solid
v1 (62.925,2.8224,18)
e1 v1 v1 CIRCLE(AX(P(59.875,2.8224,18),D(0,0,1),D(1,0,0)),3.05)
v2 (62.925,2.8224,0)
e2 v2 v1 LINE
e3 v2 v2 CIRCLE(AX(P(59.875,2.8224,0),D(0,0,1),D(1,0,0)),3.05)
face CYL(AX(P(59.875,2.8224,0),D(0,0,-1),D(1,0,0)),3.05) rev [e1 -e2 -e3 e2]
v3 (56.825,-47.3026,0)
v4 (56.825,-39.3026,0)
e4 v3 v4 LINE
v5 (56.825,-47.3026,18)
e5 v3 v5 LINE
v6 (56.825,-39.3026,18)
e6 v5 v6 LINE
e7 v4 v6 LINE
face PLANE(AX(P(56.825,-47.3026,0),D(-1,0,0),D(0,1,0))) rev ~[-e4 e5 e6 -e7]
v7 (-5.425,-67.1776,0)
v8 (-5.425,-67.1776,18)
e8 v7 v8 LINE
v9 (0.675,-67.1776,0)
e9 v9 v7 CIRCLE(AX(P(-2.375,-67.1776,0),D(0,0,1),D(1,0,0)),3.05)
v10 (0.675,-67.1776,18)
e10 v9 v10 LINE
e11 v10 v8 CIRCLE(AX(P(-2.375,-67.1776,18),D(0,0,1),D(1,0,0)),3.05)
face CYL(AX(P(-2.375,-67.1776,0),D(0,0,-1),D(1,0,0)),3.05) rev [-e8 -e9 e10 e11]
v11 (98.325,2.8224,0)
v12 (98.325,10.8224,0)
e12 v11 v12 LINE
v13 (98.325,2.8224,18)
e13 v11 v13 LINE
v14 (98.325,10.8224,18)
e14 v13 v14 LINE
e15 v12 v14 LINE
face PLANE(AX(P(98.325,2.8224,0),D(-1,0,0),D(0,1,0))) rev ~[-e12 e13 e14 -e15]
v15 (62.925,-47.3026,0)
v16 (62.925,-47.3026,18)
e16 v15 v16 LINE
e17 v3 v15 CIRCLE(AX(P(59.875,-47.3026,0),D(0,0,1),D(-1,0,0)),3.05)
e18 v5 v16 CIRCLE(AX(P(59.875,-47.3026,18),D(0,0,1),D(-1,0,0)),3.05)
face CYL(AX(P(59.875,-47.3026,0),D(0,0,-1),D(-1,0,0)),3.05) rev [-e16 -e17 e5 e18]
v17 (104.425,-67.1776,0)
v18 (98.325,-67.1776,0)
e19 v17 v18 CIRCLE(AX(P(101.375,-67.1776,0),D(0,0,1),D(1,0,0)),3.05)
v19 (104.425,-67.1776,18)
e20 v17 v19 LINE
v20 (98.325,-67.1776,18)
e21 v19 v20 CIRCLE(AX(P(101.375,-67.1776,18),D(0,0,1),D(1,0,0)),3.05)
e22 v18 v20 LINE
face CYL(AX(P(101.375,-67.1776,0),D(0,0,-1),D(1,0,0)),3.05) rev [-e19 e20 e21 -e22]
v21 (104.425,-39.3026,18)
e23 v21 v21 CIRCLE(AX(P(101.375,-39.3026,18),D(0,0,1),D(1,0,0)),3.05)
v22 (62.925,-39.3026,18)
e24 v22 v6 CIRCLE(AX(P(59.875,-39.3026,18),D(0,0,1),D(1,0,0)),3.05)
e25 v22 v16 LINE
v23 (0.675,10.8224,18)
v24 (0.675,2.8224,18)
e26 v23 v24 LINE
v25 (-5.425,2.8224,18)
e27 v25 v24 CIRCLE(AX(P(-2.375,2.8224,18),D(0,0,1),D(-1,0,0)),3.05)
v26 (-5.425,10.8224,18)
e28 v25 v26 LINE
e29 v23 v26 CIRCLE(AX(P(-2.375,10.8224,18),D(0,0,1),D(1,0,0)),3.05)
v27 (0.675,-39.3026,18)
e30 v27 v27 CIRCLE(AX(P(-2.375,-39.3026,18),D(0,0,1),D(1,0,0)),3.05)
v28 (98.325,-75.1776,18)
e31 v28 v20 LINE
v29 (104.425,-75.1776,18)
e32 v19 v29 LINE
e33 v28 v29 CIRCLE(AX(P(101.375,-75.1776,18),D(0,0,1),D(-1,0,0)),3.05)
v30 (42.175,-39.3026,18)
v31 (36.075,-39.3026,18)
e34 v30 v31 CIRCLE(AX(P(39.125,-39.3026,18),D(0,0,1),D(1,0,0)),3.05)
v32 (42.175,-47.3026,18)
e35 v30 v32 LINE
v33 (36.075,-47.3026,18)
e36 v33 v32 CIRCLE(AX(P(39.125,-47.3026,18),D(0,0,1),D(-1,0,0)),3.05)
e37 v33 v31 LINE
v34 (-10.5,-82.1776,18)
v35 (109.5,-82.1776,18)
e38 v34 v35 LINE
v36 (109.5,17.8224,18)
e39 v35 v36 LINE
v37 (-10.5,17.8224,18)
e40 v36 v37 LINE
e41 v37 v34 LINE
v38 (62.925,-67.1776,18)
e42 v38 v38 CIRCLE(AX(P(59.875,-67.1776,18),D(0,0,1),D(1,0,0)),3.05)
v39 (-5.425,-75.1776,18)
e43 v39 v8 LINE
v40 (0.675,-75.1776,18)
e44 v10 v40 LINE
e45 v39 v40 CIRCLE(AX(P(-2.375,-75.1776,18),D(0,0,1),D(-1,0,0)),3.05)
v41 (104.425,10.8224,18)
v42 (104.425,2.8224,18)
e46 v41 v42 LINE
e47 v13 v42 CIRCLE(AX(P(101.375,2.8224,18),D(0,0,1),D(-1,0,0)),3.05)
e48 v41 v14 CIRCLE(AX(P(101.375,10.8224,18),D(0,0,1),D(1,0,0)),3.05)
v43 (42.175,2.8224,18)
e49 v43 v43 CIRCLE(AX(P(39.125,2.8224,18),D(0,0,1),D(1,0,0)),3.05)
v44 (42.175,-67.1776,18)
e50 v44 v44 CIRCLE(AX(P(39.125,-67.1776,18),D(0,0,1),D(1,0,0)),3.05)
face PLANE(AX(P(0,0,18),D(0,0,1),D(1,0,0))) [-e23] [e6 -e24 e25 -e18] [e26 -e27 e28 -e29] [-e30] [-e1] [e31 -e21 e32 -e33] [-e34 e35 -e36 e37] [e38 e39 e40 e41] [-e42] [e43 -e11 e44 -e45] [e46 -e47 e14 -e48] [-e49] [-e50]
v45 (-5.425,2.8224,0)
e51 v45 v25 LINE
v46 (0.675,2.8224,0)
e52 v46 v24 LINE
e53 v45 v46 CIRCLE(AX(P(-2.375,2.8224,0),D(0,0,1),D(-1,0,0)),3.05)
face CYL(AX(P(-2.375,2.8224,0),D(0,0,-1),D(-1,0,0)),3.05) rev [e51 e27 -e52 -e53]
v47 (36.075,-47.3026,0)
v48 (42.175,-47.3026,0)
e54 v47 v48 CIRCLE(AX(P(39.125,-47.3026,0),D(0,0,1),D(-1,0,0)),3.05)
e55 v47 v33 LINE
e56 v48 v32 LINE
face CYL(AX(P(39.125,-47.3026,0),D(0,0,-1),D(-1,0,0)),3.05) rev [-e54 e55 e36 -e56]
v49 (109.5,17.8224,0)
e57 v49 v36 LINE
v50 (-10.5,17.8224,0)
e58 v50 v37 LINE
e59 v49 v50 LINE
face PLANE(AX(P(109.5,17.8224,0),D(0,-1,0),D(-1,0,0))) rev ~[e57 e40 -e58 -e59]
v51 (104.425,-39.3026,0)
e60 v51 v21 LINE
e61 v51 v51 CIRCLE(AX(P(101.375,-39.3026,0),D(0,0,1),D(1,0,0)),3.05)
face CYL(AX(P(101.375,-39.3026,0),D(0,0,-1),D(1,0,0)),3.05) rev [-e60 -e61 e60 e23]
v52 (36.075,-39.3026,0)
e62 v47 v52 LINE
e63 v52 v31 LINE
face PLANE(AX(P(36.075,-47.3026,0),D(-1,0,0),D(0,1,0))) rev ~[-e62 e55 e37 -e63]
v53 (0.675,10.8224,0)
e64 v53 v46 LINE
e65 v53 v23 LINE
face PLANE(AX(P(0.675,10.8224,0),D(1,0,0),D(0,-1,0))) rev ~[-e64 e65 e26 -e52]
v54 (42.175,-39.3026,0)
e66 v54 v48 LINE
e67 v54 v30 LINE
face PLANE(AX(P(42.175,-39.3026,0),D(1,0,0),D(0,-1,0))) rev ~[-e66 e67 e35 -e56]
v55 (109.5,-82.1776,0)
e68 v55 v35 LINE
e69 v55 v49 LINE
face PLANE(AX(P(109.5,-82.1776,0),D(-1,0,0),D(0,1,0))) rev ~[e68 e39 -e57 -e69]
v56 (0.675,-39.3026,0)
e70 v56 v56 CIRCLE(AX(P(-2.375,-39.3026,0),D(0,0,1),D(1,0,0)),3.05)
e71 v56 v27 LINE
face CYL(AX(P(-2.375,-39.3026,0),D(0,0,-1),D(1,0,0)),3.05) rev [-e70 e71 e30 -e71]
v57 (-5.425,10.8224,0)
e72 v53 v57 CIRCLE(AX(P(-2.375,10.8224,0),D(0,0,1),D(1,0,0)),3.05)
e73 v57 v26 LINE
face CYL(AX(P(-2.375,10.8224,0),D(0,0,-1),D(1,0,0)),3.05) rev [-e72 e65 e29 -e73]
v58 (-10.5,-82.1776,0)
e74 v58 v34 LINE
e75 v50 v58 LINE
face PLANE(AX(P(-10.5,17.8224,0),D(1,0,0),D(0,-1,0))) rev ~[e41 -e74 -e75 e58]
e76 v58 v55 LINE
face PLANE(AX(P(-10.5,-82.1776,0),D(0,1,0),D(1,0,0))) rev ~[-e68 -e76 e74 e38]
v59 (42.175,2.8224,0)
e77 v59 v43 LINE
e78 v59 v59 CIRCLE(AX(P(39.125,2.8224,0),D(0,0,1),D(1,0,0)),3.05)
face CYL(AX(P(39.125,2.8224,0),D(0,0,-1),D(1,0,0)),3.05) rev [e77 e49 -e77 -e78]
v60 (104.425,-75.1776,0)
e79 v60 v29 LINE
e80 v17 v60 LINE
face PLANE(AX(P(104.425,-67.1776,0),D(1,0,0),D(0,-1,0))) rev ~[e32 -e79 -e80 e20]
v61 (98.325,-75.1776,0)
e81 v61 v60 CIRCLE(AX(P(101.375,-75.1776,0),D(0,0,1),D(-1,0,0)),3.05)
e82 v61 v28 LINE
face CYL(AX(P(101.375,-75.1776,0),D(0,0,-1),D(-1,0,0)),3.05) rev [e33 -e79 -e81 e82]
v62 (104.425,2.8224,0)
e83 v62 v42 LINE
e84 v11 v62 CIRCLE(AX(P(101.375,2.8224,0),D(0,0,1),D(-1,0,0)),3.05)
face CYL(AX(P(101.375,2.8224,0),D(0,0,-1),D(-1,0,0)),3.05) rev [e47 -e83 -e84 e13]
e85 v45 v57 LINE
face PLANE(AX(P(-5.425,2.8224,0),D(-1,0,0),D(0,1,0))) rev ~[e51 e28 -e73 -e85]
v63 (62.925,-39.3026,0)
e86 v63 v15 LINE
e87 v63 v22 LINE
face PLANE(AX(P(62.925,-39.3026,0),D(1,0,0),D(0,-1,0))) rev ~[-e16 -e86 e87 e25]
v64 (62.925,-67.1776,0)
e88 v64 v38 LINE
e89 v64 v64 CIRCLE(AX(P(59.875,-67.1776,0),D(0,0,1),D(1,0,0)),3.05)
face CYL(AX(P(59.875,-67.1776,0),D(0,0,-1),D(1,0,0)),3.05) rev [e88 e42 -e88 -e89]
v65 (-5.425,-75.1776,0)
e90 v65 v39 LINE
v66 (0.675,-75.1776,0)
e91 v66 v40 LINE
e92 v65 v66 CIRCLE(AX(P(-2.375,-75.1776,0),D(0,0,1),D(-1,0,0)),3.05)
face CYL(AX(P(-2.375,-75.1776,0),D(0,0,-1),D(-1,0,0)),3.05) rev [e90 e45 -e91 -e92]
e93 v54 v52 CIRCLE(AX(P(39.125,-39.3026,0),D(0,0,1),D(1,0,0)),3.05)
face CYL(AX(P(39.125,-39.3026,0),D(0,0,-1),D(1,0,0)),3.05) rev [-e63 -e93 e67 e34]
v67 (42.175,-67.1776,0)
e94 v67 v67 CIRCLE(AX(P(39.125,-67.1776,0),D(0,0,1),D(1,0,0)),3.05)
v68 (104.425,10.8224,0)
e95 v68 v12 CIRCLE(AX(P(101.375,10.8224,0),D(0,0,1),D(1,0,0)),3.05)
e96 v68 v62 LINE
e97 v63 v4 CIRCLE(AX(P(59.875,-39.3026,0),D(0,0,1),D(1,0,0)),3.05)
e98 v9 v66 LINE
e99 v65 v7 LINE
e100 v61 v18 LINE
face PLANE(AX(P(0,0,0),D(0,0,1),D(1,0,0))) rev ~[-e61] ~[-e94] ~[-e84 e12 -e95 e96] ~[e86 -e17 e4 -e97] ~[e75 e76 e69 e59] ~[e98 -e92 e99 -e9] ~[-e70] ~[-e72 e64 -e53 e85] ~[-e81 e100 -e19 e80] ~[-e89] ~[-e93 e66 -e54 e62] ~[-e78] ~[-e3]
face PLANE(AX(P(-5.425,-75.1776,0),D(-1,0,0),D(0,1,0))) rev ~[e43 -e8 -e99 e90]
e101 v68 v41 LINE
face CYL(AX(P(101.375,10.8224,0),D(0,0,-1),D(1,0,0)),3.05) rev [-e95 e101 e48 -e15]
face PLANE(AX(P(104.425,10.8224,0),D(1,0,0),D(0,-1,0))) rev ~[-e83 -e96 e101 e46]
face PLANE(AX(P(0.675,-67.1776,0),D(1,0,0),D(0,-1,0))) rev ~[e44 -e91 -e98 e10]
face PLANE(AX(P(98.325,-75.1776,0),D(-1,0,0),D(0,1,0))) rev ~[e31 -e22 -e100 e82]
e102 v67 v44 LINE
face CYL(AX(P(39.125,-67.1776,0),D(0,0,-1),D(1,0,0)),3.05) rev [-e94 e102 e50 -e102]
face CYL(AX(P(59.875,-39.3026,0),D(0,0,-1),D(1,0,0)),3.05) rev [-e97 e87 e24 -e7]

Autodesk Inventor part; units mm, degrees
ref_plane "YZ Plane" through (0, 0, 0) normal (1, 0, 0) x (0, 1, 0)
ref_plane "XZ Plane" through (0, 0, 0) normal (0, 1, 0) x (-1, 0, 0)
ref_plane "XY Plane" through (0, 0, 0) normal (0, 0, 1) x (1, 0, 0)
sketch "Sketch1" plane through (0, 0, 0) normal (0, 0, 1) x (1, 0, 0)
  circle A0 centre (101.375, -25.0526) radius 3.05 projected
  circle A1 centre (-2.375, -39.3026) radius 3.05 projected
  circle A2 centre (101.375, -39.3026) radius 3.05 projected
  circle A3 centre (-2.375, -25.0526) radius 3.05 projected
  circle A4 centre (59.875, 2.8224) radius 3.05 projected
  circle A5 centre (39.125, 2.8224) radius 3.05 projected
  circle A6 centre (39.125, -67.1776) radius 3.05 projected
  circle A7 centre (59.875, -67.1776) radius 3.05 projected
  line L0 (109.5, 17.8224) -> (-10.5, 17.8224) projected
  line L1 (-10.5, 17.8224) -> (-10.5, -82.1776) projected
  line L2 (-10.5, -82.1776) -> (109.5, -82.1776) projected
  line L3 (109.5, -82.1776) -> (109.5, 17.8224) projected
  arc A8 (36.075, -25.0526) -> (42.175, -25.0526) centre (39.125, -25.0526) ccw projected
  arc A9 (62.925, -39.3026) -> (56.825, -39.3026) centre (59.875, -39.3026) ccw projected
  arc A10 (42.175, -39.3026) -> (36.075, -39.3026) centre (39.125, -39.3026) ccw projected
  arc A11 (56.825, -25.0526) -> (62.925, -25.0526) centre (59.875, -25.0526) ccw projected
  arc A12 (-5.425, 2.8224) -> (0.675, 2.8224) centre (-2.375, 2.8224) ccw projected
  arc A13 (98.325, 2.8224) -> (104.425, 2.8224) centre (101.375, 2.8224) ccw projected
  arc A14 (104.425, -67.1776) -> (98.325, -67.1776) centre (101.375, -67.1776) ccw projected
  arc A15 (0.675, -67.1776) -> (-5.425, -67.1776) centre (-2.375, -67.1776) ccw projected
  line L4 (0.675, -67.1776) -> (0.675, -75.1776) projected
  arc A16 (-5.425, -75.1776) -> (0.675, -75.1776) centre (-2.375, -75.1776) ccw projected
  line L5 (-5.425, -75.1776) -> (-5.425, -67.1776) projected
  line L6 (104.425, -67.1776) -> (104.425, -75.1776) projected
  arc A17 (98.325, -75.1776) -> (104.425, -75.1776) centre (101.375, -75.1776) ccw projected
  line L7 (98.325, -75.1776) -> (98.325, -67.1776) projected
  line L8 (-5.425, 2.8224) -> (-5.425, 10.8224) projected
  arc A18 (0.675, 10.8224) -> (-5.425, 10.8224) centre (-2.375, 10.8224) ccw projected
  line L9 (0.675, 10.8224) -> (0.675, 2.8224) projected
  line L10 (42.175, -39.3026) -> (42.175, -47.3026) projected
  arc A19 (36.075, -47.3026) -> (42.175, -47.3026) centre (39.125, -47.3026) ccw projected
  line L11 (36.075, -47.3026) -> (36.075, -39.3026) projected
  line L12 (62.925, -39.3026) -> (62.925, -47.3026) projected
  arc A20 (56.825, -47.3026) -> (62.925, -47.3026) centre (59.875, -47.3026) ccw projected
  line L13 (56.825, -47.3026) -> (56.825, -39.3026) projected
  line L14 (62.925, -17.0526) -> (62.925, -25.0526) projected
  line L15 (56.825, -25.0526) -> (56.825, -17.0526) projected
  arc A21 (62.925, -17.0526) -> (56.825, -17.0526) centre (59.875, -17.0526) ccw projected
  line L16 (104.425, 10.8224) -> (104.425, 2.8224) projected
  line L17 (98.325, 2.8224) -> (98.325, 10.8224) projected
  arc A22 (104.425, 10.8224) -> (98.325, 10.8224) centre (101.375, 10.8224) ccw projected
  line L18 (42.175, -17.0526) -> (42.175, -25.0526) projected
  line L19 (36.075, -25.0526) -> (36.075, -17.0526) projected
  arc A23 (42.175, -17.0526) -> (36.075, -17.0526) centre (39.125, -17.0526) ccw projected
  point P0 (0, 0)
  point P1 (39.5, -24.775)
  point P2 (60.5, -39.025)
  point P3 (39.5, -39.025)
  point P4 (60.5, -24.775)
  point P5 (-1.375, 3.1)
  point P6 (101.375, 3.1)
  point P7 (101.375, -66.9)
  point P8 (-1.375, -66.9)
extrude "Extrusion1" add sketch "Sketch1" along normal blind 18
sketch "Sketch2" plane through (0, 0, 18) normal (0, 0, 1) x (1, 0, 0)
  arc A0 (0.675, -67.1776) -> (-5.425, -67.1776) centre (-2.375, -67.1776) ccw projected
  line L0 (0.675, -67.1776) -> (0.675, -75.1776) projected
  arc A1 (-5.425, -75.1776) -> (0.675, -75.1776) centre (-2.375, -75.1776) ccw projected
  line L1 (-5.425, -75.1776) -> (-5.425, -67.1776) projected
  arc A2 (104.425, -67.1776) -> (98.325, -67.1776) centre (101.375, -67.1776) ccw projected
  line L2 (104.425, -67.1776) -> (104.425, -75.1776) projected
  arc A3 (98.325, -75.1776) -> (104.425, -75.1776) centre (101.375, -75.1776) ccw projected
  line L3 (98.325, -75.1776) -> (98.325, -67.1776) projected
  arc A4 (98.325, 2.8224) -> (104.425, 2.8224) centre (101.375, 2.8224) ccw projected
  line L4 (98.325, 2.8224) -> (98.325, 10.8224) projected
  arc A5 (104.425, 10.8224) -> (98.325, 10.8224) centre (101.375, 10.8224) ccw projected
  line L5 (104.425, 10.8224) -> (104.425, 2.8224) projected
  arc A6 (-5.425, 2.8224) -> (0.675, 2.8224) centre (-2.375, 2.8224) ccw projected
  line L6 (-5.425, 2.8224) -> (-5.425, 10.8224) projected
  arc A7 (0.675, 10.8224) -> (-5.425, 10.8224) centre (-2.375, 10.8224) ccw projected
  line L7 (0.675, 10.8224) -> (0.675, 2.8224) projected
  arc A8 (56.825, -25.0526) -> (62.925, -25.0526) centre (59.875, -25.0526) ccw projected
  line L8 (56.825, -25.0526) -> (56.825, -17.0526) projected
  arc A9 (62.925, -17.0526) -> (56.825, -17.0526) centre (59.875, -17.0526) ccw projected
  line L9 (62.925, -17.0526) -> (62.925, -25.0526) projected
  arc A10 (42.175, -39.3026) -> (36.075, -39.3026) centre (39.125, -39.3026) ccw projected
  line L10 (42.175, -39.3026) -> (42.175, -47.3026) projected
  arc A11 (36.075, -47.3026) -> (42.175, -47.3026) centre (39.125, -47.3026) ccw projected
  line L11 (36.075, -47.3026) -> (36.075, -39.3026) projected
  arc A12 (62.925, -39.3026) -> (56.825, -39.3026) centre (59.875, -39.3026) ccw projected
  line L12 (62.925, -39.3026) -> (62.925, -47.3026) projected
  arc A13 (56.825, -47.3026) -> (62.925, -47.3026) centre (59.875, -47.3026) ccw projected
  line L13 (56.825, -47.3026) -> (56.825, -39.3026) projected
  arc A14 (36.075, -25.0526) -> (42.175, -25.0526) centre (39.125, -25.0526) ccw projected
  line L14 (36.075, -25.0526) -> (36.075, -17.0526) projected
  arc A15 (42.175, -17.0526) -> (36.075, -17.0526) centre (39.125, -17.0526) ccw projected
  line L15 (42.175, -17.0526) -> (42.175, -25.0526) projected
  circle A16 centre (59.875, -67.1776) radius 3.05 projected
  circle A17 centre (39.125, -67.1776) radius 3.05 projected
  circle A18 centre (39.125, 2.8224) radius 3.05 projected
  circle A19 centre (59.875, 2.8224) radius 3.05 projected
  circle A20 centre (-2.375, -25.0526) radius 3.05 projected
  circle A21 centre (101.375, -39.3026) radius 3.05 projected
  circle A22 centre (-2.375, -39.3026) radius 3.05 projected
  circle A23 centre (101.375, -25.0526) radius 3.05 projected
  line L16 (109.5, 17.8224) -> (-10.5, 17.8224) projected
  line L17 (-10.5, 17.8224) -> (-10.5, -82.1776) projected
  line L18 (-10.5, -82.1776) -> (109.5, -82.1776) projected
  line L19 (109.5, -82.1776) -> (109.5, 17.8224) projected
  point P0 (0, 0)
extrude "Extrusion2" add sketch "Sketch2" against normal blind 18 contours L8 A9 L9 A8 | L14 A15 L15 A14 | A20 | A23
properties part number "AXYZB" material "PC/ABS Plastic"
